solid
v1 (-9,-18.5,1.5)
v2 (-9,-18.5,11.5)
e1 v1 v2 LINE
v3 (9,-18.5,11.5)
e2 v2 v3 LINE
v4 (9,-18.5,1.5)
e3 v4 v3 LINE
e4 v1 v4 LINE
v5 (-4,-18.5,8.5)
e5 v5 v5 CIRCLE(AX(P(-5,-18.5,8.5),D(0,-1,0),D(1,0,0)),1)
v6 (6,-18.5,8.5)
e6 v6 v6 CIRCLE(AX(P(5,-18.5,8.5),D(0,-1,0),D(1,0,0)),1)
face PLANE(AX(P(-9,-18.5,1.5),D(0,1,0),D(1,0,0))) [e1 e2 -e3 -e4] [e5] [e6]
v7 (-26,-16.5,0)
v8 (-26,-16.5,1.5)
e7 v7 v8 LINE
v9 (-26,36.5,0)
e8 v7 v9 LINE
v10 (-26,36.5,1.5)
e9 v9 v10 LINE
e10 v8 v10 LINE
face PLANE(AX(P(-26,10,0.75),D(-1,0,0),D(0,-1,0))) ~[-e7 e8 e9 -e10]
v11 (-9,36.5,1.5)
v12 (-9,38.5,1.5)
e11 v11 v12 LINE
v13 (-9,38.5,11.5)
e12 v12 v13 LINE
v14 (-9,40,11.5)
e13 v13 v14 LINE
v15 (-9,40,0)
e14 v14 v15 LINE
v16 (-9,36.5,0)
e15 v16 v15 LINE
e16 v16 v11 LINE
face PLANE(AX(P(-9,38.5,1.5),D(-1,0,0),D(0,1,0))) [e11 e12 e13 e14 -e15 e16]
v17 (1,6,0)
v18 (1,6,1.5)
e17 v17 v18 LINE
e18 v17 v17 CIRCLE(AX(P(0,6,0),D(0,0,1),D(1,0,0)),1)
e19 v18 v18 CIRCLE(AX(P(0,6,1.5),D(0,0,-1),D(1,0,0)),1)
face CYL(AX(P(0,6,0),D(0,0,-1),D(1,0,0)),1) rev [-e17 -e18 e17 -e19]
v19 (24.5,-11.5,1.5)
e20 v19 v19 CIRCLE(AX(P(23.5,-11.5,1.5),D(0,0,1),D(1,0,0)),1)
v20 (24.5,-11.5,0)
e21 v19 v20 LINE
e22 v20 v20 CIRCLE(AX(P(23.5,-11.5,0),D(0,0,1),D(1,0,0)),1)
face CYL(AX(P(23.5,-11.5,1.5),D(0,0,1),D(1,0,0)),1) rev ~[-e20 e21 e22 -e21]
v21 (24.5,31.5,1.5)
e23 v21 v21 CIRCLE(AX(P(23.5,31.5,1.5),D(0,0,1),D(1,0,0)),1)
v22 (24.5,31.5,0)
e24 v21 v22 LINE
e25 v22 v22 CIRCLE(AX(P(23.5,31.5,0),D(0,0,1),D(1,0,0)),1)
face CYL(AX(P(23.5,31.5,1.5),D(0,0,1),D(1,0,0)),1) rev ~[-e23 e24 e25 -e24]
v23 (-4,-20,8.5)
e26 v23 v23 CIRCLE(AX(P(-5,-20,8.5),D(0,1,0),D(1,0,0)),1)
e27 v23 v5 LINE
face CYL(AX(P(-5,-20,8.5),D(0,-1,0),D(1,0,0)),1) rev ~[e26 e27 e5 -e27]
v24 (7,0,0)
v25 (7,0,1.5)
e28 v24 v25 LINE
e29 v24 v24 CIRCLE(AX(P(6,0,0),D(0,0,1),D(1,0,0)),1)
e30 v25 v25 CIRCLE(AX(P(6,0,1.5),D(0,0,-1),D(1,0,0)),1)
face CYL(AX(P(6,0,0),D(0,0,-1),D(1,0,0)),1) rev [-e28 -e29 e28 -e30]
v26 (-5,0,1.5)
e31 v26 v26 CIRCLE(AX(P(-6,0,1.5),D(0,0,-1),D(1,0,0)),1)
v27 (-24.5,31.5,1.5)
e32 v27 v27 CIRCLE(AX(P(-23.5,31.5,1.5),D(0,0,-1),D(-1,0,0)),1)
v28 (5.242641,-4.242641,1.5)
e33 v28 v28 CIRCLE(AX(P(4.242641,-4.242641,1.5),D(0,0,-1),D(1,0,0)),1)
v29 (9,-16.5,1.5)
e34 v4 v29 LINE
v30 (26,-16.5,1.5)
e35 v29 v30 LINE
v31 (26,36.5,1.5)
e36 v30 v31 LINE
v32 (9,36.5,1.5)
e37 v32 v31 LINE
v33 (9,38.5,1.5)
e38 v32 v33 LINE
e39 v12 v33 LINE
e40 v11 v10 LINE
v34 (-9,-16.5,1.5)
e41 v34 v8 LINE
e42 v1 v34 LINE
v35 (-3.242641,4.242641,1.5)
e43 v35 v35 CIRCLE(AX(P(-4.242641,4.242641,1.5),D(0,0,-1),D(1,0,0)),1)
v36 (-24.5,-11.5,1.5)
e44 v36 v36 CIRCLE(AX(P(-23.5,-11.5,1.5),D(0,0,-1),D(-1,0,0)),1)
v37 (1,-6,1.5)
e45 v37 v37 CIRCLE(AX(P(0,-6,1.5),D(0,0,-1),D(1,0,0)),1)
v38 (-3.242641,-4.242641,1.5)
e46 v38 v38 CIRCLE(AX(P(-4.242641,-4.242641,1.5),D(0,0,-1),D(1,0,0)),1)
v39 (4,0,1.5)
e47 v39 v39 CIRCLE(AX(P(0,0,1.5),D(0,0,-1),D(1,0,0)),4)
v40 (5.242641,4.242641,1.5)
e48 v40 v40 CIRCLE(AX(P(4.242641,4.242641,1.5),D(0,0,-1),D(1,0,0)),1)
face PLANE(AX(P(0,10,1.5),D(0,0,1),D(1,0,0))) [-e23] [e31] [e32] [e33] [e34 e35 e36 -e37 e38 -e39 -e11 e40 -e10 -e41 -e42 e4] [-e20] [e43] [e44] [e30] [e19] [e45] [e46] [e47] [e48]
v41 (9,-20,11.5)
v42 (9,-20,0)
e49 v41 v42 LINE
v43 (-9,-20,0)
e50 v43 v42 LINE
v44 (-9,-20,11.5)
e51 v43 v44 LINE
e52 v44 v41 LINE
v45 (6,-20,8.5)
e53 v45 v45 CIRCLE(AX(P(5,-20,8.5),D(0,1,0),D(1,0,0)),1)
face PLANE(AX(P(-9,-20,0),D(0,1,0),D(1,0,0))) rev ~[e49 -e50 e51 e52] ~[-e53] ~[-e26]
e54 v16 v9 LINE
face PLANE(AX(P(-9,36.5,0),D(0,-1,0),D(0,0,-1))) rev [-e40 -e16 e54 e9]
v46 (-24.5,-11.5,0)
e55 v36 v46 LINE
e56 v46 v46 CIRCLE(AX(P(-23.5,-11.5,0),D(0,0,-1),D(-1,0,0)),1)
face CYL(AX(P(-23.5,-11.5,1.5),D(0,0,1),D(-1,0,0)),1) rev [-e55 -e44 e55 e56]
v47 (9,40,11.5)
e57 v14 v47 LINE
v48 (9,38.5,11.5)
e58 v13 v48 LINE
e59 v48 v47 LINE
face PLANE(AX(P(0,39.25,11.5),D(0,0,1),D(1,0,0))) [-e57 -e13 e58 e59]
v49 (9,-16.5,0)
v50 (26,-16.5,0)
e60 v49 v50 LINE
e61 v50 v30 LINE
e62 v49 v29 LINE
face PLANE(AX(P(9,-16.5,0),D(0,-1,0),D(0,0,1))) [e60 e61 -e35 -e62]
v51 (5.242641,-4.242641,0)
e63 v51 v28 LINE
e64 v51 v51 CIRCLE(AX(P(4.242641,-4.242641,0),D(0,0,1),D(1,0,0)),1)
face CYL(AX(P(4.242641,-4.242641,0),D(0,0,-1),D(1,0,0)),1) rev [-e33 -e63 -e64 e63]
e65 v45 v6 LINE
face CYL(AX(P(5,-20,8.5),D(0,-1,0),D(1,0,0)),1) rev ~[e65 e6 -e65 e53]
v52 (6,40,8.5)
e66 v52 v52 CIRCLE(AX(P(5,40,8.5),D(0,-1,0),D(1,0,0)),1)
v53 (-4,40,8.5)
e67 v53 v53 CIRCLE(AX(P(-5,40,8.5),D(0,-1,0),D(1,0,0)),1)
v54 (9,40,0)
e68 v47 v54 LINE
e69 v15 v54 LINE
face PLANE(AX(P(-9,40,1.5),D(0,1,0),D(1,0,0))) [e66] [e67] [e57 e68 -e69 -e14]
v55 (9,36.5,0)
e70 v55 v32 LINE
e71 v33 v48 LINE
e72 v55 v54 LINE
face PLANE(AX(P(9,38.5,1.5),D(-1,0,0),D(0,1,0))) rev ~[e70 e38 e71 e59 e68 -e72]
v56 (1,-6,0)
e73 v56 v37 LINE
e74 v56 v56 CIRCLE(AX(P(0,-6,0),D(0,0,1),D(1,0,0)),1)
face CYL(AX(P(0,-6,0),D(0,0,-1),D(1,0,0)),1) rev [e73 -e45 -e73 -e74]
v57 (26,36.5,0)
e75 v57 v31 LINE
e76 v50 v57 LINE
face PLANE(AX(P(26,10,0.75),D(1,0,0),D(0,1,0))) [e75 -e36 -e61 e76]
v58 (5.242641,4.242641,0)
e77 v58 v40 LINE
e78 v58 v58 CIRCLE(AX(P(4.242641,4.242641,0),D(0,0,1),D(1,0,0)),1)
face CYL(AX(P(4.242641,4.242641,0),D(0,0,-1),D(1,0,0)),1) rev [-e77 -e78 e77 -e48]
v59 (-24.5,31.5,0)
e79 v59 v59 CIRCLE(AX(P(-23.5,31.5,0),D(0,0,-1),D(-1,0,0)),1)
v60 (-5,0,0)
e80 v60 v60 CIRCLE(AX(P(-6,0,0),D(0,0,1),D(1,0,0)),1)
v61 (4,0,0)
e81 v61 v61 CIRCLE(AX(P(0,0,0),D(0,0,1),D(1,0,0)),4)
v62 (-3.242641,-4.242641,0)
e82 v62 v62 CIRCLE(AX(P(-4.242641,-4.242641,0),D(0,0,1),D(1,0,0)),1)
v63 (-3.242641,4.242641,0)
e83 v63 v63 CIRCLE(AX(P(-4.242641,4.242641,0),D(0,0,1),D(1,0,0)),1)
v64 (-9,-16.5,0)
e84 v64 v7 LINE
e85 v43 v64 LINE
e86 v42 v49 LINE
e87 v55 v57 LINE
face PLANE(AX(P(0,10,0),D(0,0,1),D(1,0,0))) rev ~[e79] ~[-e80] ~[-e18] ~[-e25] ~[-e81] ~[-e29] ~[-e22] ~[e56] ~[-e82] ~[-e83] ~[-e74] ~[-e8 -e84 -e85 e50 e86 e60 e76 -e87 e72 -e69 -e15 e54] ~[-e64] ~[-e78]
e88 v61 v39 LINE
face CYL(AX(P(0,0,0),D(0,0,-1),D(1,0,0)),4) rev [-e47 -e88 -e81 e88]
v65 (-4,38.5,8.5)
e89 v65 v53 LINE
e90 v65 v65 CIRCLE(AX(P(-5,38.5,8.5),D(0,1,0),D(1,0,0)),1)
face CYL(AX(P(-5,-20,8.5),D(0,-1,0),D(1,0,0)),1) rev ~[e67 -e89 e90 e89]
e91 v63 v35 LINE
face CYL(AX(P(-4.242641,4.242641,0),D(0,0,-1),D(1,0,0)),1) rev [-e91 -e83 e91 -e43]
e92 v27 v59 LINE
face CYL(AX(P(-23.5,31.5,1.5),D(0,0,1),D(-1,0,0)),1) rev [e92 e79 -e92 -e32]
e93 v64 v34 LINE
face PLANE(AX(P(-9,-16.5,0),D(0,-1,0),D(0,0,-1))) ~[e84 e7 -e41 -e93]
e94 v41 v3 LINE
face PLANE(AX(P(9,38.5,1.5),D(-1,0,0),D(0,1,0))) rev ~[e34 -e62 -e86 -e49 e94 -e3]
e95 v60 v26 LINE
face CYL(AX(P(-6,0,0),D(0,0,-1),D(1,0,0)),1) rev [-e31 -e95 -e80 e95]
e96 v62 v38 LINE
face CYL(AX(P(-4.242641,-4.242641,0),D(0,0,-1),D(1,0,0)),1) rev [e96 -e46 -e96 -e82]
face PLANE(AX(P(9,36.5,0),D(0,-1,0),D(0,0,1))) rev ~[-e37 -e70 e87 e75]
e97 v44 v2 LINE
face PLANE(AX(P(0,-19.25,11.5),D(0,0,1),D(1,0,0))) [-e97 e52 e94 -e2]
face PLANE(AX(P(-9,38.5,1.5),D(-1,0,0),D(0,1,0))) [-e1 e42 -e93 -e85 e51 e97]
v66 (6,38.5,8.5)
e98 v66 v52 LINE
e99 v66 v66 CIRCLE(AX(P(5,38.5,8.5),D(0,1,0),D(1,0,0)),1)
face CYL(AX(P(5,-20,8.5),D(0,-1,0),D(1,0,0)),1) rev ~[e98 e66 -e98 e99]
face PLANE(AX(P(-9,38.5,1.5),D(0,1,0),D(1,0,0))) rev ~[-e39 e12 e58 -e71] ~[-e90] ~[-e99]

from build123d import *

# Parameters (mm, degrees)
F0_W     = 18
F0_H     = 60
F0_R     = 1
F0_R_2   = 4
F1_DEPTH = 1.5
F2_W     = 18
F2_H     = 1.5
F3_DEPTH = 10
F4_R     = 1
F5_DEPTH = 60.001
F6_W     = 53
F6_H     = 1.5
F7_DEPTH = 17
F8_R     = 1
F9_DEPTH = 1.5


with BuildPart() as f1:
    # F0 (on Top) → F1 (new body)
    with BuildSketch(Plane.XY):
        with Locations((0, 10)):
            Rectangle(F0_W, F0_H)
        with Locations((-6, 0)):
            Circle(F0_R, mode=Mode.SUBTRACT)
        with Locations((-4.242641, -4.242641)):
            Circle(F0_R, mode=Mode.SUBTRACT)
        with Locations((-4.242641, 4.242641)):
            Circle(F0_R, mode=Mode.SUBTRACT)
        with Locations((0, -6)):
            Circle(F0_R, mode=Mode.SUBTRACT)
        Circle(F0_R_2, mode=Mode.SUBTRACT)
        with Locations((4.242641, -4.242641)):
            Circle(F0_R, mode=Mode.SUBTRACT)
        with Locations((0, 6)):
            Circle(F0_R, mode=Mode.SUBTRACT)
        with Locations((4.242641, 4.242641)):
            Circle(F0_R, mode=Mode.SUBTRACT)
        with Locations((6, 0)):
            Circle(F0_R, mode=Mode.SUBTRACT)
    extrude(amount=F1_DEPTH)

    # F2 (on face) → F3 (join)
    with BuildSketch(Plane.XY.offset(1.5)):
        with Locations((0, 39.25)):
            Rectangle(F2_W, F2_H)
        with Locations((0, -19.25)):
            Rectangle(F2_W, F2_H)
    extrude(amount=F3_DEPTH)

    # F4 (on face) → F5 (cut, through all)
    with BuildSketch(Plane.XZ.offset(20)):
        with Locations((5, 8.5)):
            Circle(F4_R)
        with Locations((-5, 8.5)):
            Circle(F4_R)
    extrude(amount=-F5_DEPTH, mode=Mode.SUBTRACT)

    # F6 (on face) → F7 (join)
    with BuildSketch(Plane.YZ.offset(9)):
        with Locations((10, 0.75)):
            Rectangle(F6_W, F6_H)
    extrude(amount=F7_DEPTH)

    # F8 (on face) → F9 (cut, through all)
    with BuildSketch(Plane.XY.offset(1.5)):
        with Locations((23.5, 31.5)):
            Circle(F8_R)
        with Locations((23.5, -11.5)):
            Circle(F8_R)
    extrude(amount=-F9_DEPTH, mode=Mode.SUBTRACT)

    # F10: F1 across plane


with BuildPart() as f1_1:
    add(f1.part)
    add(f1.part.mirror(Plane.YZ))


solid = f1_1.part
